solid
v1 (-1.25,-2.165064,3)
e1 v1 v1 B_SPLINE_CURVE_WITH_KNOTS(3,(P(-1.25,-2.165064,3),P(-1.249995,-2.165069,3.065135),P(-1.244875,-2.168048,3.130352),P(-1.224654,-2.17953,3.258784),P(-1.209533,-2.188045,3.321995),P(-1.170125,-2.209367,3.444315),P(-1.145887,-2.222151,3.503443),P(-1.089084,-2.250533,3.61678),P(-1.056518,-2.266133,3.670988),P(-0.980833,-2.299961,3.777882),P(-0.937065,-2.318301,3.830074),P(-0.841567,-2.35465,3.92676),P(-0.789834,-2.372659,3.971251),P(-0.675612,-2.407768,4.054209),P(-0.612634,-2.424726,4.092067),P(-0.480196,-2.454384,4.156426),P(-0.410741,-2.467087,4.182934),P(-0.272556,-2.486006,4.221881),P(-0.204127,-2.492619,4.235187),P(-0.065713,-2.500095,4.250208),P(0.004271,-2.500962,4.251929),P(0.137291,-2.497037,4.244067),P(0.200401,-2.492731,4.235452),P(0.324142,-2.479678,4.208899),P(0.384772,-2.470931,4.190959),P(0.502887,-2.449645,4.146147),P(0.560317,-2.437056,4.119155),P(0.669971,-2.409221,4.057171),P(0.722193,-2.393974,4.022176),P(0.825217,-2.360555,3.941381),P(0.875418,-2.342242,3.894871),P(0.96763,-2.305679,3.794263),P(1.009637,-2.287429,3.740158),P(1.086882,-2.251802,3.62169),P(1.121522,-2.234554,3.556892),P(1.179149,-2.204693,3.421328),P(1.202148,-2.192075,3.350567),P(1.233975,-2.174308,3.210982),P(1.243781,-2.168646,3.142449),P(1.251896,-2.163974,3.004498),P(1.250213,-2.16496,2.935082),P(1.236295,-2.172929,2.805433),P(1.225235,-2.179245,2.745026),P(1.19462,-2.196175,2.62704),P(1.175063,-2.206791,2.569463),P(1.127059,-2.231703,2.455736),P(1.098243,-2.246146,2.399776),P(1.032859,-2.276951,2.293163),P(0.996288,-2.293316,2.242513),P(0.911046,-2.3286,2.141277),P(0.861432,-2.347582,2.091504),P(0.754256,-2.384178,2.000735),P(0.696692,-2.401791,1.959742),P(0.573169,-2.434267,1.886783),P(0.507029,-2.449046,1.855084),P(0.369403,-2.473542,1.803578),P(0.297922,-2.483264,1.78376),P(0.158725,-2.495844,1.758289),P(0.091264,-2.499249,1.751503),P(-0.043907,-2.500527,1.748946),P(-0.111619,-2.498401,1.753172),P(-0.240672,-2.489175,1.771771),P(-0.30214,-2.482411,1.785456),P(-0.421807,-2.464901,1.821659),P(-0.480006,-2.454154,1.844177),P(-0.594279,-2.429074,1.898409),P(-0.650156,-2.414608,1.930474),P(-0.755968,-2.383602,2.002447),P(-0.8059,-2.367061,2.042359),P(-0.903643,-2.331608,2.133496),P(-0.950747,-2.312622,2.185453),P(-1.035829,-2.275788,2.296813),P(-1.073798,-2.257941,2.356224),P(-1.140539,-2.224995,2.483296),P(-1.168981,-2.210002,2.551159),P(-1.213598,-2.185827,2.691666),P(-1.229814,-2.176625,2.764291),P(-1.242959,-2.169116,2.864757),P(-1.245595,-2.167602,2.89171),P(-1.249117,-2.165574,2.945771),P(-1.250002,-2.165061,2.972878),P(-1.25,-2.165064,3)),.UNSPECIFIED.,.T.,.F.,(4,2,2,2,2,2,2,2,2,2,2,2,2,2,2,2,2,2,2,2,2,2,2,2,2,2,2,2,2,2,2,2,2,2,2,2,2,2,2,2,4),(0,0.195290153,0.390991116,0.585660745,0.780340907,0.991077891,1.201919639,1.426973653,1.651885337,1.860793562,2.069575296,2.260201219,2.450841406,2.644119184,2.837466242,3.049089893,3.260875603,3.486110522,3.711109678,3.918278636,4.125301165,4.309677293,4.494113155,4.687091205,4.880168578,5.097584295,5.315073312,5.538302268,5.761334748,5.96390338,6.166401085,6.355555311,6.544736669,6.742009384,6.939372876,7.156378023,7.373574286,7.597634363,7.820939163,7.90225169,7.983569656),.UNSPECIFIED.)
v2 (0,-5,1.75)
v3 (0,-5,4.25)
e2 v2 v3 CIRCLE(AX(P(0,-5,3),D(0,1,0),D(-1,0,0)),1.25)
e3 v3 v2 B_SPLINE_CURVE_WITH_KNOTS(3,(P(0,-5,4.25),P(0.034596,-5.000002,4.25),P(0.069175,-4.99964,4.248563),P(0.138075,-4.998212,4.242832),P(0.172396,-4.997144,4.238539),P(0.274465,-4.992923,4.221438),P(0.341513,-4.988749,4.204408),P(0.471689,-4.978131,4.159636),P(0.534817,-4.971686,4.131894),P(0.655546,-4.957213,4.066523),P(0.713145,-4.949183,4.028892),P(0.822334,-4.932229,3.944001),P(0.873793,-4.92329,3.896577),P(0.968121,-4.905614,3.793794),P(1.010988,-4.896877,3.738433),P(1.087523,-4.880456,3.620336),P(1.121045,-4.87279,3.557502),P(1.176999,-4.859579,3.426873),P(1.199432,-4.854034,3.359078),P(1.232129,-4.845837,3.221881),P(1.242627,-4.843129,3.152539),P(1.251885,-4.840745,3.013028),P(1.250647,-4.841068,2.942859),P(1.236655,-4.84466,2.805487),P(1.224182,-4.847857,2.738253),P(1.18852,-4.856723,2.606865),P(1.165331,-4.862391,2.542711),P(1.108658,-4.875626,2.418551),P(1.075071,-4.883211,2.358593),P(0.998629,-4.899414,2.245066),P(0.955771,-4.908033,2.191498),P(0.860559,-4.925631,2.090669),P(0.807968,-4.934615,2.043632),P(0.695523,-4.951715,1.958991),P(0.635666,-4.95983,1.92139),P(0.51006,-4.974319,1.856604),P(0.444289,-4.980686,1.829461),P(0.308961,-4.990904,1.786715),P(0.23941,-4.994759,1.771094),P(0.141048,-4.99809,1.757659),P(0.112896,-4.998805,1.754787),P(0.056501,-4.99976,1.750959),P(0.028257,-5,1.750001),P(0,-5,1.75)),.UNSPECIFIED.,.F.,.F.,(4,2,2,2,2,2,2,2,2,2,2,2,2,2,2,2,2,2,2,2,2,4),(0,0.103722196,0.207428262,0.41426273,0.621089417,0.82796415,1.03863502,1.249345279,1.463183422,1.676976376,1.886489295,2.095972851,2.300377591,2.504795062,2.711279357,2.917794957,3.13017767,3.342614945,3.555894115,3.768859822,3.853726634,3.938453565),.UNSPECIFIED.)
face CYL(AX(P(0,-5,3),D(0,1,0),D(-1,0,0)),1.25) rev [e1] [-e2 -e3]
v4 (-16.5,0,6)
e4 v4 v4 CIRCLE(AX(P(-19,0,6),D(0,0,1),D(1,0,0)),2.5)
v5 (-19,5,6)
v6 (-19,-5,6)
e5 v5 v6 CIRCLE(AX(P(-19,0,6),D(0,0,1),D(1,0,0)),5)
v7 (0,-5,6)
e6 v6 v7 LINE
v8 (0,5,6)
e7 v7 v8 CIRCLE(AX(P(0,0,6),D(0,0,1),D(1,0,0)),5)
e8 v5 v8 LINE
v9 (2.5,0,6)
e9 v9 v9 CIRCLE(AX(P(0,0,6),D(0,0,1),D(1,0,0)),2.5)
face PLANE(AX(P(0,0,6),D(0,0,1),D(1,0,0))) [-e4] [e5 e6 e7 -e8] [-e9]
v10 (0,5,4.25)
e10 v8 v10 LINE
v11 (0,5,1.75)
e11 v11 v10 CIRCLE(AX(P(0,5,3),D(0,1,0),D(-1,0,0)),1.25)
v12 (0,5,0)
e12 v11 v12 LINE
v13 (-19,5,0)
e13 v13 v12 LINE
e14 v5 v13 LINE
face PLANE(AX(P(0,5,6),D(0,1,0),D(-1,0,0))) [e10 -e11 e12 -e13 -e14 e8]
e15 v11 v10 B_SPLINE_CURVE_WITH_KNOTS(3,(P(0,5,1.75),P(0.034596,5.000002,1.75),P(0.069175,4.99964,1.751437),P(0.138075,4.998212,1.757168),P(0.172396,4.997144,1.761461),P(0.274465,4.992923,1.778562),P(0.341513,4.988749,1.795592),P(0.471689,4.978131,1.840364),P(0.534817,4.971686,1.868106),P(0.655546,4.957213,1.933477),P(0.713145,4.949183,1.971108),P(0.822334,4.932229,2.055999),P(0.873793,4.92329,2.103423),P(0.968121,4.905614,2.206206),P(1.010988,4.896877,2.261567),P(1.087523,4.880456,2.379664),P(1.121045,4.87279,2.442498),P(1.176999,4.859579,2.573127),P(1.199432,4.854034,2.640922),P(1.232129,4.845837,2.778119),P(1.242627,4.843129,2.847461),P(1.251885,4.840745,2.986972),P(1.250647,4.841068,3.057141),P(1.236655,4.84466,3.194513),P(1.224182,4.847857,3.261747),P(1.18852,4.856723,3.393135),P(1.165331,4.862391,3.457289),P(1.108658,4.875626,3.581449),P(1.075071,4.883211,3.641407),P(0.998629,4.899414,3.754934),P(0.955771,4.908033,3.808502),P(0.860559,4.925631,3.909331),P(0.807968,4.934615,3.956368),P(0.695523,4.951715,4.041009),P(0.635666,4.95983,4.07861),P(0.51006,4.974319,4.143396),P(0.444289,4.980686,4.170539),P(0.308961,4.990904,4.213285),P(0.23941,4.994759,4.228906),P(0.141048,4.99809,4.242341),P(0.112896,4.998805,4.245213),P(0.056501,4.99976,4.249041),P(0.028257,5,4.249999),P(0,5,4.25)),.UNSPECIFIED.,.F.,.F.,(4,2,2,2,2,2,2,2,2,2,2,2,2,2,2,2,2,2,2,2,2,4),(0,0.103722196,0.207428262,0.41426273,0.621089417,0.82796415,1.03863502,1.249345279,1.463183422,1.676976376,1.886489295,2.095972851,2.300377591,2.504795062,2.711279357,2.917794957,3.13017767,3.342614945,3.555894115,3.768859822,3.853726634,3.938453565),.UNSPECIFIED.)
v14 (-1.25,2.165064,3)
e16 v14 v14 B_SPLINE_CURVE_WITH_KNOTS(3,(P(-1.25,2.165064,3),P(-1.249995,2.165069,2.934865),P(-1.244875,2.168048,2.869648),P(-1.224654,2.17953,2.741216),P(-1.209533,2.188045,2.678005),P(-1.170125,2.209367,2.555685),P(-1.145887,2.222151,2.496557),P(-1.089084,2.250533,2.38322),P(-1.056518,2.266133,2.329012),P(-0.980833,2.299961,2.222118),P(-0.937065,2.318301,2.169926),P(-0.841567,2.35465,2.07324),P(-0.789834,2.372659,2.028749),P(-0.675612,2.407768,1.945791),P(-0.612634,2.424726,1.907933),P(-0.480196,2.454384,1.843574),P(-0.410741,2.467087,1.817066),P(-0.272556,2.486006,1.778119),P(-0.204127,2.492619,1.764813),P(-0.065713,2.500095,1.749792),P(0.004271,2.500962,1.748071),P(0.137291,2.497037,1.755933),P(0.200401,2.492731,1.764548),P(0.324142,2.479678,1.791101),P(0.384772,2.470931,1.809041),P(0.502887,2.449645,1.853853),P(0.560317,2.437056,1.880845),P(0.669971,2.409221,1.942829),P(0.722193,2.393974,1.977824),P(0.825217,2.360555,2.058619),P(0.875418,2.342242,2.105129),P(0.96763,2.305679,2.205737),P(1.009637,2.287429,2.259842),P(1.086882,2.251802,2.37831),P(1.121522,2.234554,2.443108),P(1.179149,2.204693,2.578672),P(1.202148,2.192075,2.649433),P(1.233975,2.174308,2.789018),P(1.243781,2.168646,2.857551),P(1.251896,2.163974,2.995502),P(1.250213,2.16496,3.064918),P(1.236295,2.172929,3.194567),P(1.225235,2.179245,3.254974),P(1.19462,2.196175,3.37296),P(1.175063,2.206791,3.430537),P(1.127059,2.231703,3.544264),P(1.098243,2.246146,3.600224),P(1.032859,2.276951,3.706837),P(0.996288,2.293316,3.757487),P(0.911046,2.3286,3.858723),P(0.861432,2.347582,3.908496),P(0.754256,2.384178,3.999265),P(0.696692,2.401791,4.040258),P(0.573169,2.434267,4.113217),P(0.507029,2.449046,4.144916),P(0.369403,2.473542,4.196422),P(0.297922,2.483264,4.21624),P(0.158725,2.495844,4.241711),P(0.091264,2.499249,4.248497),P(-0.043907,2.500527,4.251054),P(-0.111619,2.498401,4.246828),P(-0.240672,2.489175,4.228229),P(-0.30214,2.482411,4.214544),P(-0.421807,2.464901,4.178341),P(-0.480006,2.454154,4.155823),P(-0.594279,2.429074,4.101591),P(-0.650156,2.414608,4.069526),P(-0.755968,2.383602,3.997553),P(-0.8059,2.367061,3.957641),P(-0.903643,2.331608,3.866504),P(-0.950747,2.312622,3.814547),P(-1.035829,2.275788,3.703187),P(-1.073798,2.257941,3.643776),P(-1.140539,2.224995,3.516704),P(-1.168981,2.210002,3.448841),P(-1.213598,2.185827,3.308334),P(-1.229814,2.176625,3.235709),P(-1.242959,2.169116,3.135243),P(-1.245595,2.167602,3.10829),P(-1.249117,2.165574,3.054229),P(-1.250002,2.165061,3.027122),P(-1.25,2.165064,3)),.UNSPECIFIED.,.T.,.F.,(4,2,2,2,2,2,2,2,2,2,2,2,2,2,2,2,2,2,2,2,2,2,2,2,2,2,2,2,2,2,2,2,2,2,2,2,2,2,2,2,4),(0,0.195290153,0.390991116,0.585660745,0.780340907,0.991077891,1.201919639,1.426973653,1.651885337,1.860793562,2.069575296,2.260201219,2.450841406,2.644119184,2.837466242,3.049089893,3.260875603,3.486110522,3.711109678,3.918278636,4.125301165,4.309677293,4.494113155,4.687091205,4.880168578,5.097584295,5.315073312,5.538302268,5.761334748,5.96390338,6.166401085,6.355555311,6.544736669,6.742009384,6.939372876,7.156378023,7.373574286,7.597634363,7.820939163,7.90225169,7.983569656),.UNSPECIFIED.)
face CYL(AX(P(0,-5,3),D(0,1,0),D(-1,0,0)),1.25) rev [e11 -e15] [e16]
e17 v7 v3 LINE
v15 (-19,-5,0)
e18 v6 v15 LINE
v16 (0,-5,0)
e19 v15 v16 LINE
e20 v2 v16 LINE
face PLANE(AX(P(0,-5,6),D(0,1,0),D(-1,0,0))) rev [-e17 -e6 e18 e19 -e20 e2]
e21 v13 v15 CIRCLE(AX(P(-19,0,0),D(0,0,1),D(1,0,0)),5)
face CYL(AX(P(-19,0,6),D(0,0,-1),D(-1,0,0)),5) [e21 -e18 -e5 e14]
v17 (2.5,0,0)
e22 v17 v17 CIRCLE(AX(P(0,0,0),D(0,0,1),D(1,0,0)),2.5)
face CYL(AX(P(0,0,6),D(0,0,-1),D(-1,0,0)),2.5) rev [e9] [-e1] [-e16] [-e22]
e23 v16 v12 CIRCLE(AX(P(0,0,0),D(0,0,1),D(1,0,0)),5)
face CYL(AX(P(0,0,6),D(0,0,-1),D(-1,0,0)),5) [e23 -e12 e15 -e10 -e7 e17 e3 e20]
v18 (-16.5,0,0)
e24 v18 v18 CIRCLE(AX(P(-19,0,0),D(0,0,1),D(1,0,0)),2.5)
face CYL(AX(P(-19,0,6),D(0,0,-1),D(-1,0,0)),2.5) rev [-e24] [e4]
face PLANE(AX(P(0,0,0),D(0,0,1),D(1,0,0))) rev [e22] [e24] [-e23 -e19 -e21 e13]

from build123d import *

# Parameters (mm, degrees)
SKETCH1_R           = 2.5
BOSS_EXTRUDE1_DEPTH = 6
SKETCH2_R           = 1.25
CUT_EXTRUDE1_DEPTH  = 10


with BuildPart() as part:
    # Sketch1 → Boss-Extrude1 (new body)
    with BuildSketch(Plane.XY):
        with BuildLine():
            Line((0, 5), (-19, 5))
            ThreePointArc((-19, 5), (-24, 0), (-19, -5))
            Line((-19, -5), (0, -5))
            ThreePointArc((0, -5), (5, 0), (0, 5))
        make_face()
        with Locations((-19, 0)):
            Circle(SKETCH1_R, mode=Mode.SUBTRACT)
        Circle(SKETCH1_R, mode=Mode.SUBTRACT)
    extrude(amount=BOSS_EXTRUDE1_DEPTH)

    # Sketch2 → Cut-Extrude1 (cut)
    with BuildSketch(Plane(origin=(0, 5, 0), x_dir=(1, 0, 0), z_dir=(0, 1, 0))):
        with Locations((0, -3)):
            Circle(SKETCH2_R)
    extrude(amount=-CUT_EXTRUDE1_DEPTH, mode=Mode.SUBTRACT)


solid = part.part
